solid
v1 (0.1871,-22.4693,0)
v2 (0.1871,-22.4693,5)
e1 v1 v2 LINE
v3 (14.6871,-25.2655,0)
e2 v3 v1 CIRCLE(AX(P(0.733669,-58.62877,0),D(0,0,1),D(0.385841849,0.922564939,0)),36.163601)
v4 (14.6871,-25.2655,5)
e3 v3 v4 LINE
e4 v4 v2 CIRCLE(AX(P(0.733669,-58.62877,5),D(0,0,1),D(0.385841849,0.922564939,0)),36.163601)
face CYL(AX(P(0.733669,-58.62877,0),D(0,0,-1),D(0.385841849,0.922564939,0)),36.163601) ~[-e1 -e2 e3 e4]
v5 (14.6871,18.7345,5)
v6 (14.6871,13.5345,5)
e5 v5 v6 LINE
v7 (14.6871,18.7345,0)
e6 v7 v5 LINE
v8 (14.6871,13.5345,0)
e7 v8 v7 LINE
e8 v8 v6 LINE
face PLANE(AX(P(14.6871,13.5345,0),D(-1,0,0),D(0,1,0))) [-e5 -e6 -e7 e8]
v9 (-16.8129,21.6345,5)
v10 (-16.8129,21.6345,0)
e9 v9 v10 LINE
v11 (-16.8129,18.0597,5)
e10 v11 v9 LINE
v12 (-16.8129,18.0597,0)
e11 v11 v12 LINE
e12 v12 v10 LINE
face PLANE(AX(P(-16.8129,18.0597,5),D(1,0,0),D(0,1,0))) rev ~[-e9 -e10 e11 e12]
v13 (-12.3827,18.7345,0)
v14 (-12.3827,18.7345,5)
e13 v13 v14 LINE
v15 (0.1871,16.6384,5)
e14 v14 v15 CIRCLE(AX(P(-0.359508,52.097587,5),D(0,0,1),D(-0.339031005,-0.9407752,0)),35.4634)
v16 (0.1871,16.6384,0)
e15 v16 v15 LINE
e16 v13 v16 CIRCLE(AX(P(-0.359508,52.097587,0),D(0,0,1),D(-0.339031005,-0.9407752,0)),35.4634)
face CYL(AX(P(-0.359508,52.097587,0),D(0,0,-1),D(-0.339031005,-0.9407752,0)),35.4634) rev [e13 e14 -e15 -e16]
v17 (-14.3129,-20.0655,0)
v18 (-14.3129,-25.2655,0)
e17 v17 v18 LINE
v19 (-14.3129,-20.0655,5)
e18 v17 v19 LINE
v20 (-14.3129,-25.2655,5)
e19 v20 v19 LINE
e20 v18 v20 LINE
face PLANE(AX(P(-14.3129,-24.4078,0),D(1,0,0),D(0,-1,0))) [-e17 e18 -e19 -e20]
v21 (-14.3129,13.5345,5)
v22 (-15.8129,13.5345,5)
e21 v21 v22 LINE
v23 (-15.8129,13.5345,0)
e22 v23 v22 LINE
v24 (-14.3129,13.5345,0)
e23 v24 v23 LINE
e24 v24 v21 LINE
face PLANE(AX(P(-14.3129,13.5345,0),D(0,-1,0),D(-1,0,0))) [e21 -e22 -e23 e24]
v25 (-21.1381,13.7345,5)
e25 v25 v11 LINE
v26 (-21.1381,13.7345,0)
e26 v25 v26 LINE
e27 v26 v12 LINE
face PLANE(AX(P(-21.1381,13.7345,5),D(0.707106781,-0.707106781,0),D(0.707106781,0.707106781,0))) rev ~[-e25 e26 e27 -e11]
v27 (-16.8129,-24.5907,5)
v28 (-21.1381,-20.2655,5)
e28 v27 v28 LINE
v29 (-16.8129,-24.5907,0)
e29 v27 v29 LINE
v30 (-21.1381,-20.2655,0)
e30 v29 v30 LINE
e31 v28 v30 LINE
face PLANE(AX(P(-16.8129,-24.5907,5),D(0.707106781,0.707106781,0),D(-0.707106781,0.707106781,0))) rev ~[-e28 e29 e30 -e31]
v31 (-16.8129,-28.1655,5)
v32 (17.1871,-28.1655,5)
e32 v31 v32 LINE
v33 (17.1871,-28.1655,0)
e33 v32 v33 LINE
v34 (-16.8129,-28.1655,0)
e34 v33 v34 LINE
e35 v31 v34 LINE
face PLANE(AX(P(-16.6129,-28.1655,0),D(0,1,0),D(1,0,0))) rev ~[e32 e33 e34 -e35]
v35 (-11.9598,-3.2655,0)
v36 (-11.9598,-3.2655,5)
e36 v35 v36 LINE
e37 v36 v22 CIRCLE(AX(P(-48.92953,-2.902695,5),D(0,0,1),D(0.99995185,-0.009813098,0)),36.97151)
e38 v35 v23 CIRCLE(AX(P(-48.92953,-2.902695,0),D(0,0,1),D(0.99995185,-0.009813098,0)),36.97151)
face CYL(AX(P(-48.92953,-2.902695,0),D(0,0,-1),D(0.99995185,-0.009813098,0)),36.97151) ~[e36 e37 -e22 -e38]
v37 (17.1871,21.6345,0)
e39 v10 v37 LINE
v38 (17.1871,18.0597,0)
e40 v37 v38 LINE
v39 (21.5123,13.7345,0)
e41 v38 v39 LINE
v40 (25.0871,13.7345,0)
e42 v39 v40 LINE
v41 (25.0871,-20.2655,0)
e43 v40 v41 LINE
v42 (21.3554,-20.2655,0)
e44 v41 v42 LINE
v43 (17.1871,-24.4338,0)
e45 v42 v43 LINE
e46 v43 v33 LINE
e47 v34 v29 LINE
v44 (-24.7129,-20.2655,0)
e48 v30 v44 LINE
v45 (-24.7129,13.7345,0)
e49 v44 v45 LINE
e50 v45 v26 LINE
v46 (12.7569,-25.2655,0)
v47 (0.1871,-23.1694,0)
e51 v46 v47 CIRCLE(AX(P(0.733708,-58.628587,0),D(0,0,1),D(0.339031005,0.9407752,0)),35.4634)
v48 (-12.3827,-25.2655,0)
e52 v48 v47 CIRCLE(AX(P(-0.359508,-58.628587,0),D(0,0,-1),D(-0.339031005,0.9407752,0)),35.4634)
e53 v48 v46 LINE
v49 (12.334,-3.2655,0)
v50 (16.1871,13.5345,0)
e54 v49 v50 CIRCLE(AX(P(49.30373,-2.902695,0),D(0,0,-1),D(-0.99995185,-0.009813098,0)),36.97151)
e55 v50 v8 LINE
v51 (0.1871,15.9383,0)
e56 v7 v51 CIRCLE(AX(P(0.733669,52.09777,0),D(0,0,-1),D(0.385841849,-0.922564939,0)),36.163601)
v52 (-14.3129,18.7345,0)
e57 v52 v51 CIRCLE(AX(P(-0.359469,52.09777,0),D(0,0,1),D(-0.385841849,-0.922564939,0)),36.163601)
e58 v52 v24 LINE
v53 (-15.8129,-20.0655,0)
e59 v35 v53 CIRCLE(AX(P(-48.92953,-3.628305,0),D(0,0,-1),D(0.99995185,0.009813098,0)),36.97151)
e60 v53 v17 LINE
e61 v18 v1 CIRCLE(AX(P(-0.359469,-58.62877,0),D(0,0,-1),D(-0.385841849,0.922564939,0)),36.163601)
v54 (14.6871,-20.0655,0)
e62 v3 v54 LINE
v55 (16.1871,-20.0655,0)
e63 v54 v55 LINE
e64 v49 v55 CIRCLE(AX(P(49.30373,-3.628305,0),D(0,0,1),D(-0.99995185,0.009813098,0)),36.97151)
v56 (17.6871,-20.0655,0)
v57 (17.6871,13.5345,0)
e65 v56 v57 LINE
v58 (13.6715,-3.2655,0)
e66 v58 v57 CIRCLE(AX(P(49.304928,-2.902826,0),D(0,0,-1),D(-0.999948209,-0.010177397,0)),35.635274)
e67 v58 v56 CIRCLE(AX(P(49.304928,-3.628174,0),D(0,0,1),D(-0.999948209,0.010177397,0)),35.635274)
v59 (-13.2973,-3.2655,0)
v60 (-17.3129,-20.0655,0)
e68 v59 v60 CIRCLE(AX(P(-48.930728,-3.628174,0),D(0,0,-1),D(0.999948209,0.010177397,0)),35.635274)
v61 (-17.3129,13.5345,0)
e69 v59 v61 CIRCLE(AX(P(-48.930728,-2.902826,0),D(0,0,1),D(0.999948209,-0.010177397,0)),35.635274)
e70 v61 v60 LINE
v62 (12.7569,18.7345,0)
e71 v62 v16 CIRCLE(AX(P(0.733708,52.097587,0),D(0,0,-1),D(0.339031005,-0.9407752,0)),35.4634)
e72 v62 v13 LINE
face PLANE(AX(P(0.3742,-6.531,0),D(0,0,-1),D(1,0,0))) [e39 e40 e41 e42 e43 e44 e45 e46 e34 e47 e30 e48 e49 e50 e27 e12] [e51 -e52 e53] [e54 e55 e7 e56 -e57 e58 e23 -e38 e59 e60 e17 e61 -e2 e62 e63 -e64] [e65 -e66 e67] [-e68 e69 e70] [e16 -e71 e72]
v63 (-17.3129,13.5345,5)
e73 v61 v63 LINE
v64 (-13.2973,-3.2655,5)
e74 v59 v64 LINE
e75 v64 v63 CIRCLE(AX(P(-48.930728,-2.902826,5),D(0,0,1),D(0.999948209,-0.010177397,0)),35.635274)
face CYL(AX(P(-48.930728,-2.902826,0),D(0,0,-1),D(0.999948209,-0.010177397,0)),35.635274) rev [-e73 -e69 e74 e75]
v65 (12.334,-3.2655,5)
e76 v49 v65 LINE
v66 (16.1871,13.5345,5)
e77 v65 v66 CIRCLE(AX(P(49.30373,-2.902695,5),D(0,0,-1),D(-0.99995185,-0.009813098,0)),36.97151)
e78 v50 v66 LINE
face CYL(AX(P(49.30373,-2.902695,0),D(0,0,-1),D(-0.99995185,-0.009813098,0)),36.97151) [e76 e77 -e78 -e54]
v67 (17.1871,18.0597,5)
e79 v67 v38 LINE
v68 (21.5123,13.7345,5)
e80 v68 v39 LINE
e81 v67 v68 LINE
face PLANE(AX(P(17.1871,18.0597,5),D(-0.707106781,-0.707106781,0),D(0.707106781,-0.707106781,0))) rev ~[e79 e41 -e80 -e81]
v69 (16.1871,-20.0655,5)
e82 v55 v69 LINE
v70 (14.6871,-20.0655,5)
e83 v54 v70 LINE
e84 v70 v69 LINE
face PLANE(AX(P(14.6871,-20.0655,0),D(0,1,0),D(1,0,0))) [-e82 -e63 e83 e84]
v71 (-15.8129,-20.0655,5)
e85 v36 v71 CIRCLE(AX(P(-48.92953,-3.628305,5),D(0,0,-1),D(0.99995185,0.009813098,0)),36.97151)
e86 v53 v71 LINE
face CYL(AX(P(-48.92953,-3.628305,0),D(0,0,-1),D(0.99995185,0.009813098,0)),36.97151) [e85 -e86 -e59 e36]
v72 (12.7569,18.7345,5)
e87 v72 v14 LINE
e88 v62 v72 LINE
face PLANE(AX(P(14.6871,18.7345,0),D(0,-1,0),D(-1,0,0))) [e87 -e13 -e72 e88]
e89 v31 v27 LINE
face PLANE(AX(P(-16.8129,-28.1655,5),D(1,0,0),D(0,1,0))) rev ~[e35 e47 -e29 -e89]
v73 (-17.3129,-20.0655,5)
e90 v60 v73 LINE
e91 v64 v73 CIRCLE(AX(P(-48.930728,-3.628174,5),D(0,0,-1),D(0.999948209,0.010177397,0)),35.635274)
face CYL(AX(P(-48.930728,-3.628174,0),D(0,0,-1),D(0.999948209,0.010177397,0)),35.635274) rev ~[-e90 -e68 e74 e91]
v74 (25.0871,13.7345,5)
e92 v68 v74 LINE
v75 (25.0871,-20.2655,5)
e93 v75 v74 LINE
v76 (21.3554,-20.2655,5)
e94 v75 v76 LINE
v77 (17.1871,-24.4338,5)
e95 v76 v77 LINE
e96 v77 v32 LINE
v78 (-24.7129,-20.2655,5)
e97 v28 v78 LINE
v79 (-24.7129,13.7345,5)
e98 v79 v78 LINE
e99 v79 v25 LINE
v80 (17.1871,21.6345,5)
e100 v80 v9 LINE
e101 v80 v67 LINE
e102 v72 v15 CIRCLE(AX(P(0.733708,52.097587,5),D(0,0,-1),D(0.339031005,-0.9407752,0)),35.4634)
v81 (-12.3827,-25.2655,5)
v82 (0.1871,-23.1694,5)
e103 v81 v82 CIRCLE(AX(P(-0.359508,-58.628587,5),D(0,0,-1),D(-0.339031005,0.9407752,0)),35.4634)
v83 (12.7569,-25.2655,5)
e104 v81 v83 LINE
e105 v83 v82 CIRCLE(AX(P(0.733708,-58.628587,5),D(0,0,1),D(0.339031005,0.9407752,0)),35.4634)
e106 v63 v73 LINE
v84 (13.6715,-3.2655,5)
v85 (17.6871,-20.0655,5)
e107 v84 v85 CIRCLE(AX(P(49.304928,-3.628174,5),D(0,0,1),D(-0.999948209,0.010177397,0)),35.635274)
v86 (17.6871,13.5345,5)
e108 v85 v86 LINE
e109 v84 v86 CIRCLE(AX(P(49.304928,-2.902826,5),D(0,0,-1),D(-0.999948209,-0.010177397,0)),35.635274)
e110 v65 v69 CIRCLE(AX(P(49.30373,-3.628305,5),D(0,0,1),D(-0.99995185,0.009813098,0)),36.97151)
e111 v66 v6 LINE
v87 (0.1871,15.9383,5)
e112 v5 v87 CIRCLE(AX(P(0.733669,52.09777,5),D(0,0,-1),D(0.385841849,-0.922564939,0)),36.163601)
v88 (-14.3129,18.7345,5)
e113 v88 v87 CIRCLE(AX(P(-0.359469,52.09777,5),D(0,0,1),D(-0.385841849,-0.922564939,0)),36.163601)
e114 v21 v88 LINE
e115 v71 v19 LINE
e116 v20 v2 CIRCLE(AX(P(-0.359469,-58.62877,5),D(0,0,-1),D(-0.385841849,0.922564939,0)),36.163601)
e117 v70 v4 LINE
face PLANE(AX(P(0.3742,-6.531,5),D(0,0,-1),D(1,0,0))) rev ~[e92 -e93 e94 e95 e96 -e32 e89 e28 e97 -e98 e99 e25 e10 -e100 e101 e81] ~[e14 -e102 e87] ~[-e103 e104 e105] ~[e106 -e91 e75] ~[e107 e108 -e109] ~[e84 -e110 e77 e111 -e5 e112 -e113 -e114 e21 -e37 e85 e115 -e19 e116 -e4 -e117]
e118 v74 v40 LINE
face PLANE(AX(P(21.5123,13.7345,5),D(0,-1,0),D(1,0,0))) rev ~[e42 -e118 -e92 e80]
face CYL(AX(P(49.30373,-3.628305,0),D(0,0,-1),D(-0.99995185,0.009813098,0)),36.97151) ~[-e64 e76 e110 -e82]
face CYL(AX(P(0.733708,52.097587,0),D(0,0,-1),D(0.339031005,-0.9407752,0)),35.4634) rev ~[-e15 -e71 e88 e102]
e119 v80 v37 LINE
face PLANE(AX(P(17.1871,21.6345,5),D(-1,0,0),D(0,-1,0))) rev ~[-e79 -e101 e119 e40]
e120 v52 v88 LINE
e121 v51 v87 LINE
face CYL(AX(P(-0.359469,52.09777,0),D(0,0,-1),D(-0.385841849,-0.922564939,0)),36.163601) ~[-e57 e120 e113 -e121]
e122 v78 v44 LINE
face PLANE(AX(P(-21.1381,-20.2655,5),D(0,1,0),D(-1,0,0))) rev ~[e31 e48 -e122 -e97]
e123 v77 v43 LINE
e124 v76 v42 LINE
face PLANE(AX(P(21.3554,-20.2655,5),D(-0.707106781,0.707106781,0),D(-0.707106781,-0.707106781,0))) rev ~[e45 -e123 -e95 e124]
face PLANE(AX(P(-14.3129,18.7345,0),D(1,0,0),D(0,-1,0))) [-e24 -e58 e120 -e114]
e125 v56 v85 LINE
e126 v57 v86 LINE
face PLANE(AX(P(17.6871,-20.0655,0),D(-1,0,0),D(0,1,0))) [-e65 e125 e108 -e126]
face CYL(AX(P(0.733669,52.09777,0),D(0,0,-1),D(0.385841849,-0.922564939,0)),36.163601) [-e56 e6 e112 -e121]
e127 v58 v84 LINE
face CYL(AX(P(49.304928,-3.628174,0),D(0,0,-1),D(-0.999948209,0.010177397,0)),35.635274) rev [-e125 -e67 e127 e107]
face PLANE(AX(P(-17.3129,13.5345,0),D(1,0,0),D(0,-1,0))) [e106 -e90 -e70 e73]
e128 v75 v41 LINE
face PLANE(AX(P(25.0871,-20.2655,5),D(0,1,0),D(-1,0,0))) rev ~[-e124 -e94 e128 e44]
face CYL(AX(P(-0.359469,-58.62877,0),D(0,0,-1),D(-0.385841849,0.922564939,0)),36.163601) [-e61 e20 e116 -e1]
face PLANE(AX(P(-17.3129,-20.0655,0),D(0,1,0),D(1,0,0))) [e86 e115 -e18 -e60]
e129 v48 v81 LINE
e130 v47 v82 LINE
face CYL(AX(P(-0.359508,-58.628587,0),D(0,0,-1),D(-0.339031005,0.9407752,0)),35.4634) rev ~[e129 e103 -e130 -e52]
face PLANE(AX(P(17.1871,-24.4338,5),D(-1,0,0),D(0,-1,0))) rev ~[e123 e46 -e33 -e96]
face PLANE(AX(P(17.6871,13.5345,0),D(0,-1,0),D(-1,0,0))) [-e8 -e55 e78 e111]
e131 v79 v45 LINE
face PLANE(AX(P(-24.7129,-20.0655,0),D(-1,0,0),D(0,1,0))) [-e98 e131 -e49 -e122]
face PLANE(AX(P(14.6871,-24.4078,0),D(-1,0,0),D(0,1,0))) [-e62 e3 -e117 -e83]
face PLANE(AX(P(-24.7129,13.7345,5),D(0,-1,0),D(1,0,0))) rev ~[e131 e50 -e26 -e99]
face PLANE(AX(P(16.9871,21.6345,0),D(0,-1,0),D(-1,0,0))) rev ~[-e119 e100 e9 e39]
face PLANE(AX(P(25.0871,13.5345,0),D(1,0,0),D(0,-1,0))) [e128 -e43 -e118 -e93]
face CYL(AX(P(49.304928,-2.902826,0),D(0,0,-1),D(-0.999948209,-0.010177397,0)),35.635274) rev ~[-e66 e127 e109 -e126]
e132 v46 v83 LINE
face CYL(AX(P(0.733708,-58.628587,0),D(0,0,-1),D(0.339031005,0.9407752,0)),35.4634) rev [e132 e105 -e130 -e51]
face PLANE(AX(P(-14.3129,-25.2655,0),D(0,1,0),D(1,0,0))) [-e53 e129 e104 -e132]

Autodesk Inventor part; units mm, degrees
ref_plane "YZ Plane" through (0, 0, 0) normal (1, 0, 0) x (0, 1, 0)
ref_plane "XZ Plane" through (0, 0, 0) normal (0, 1, 0) x (-1, 0, 0)
ref_plane "XY Plane" through (0, 0, 0) normal (0, 0, 1) x (1, 0, 0)
sketch "Sketch1" plane through (0, 0, 0) normal (0, 0, 1) x (1, 0, 0)
  line L0 (21.5871, 13.6345) -> (17.0871, 18.1345) projected
  line L1 (17.0871, 18.1345) -> (-16.7129, 18.1345) projected
  line L2 (-16.7129, 18.1345) -> (-21.2129, 13.6345) projected
  line L3 (-21.0966, 13.6345) -> (-21.0966, -20.1655) projected
  line L4 (21.4709, -20.1655) -> (21.4709, 13.6345) projected
  line L5 (21.4709, -20.1655) -> (17.0871, -24.4078) projected
  line L6 (-16.7129, -24.4078) -> (17.0871, -24.4078) projected
  line L7 (-16.7129, -24.4078) -> (-21.0966, -20.1655) projected
  line L8 (-24.7129, -28.1655) -> (-24.7129, 13.6345) construction
  line L9 (25.0871, -28.1655) -> (-24.7129, -28.1655) construction
  line L10 (25.0871, -28.1655) -> (25.0871, 13.6345) construction
  line L11 (17.0871, 21.6345) -> (-16.7129, 21.6345) construction
  line L12 (-21.0552, -20.0655) -> (-16.6129, -24.5078)
  line L13 (-16.6129, -24.5078) -> (-16.6129, -28.1655)
  line L14 (-16.6129, -28.1655) -> (17.0871, -28.1655)
  line L15 (25.0871, -20.0655) -> (21.4295, -20.0655)
  line L16 (25.0871, 13.5345) -> (25.0871, -20.0655)
  line L17 (21.4295, 13.5345) -> (25.0871, 13.5345)
  line L18 (21.4295, 13.5345) -> (16.9871, 17.9768)
  line L19 (16.9871, 17.9768) -> (16.9871, 21.6345)
  line L20 (16.9871, 21.6345) -> (-16.6129, 21.6345)
  line L21 (-16.6129, 21.6345) -> (-16.6129, 17.9768)
  line L22 (-16.6129, 17.9768) -> (-21.0552, 13.5345)
  line L23 (-24.7129, 13.5345) -> (-21.0552, 13.5345)
  line L24 (-24.7129, -20.0655) -> (-24.7129, 13.5345)
  line L25 (-21.0552, -20.0655) -> (-24.7129, -20.0655)
  line L26 (-12.3129, -23.2655) -> (12.6871, -23.2655) projected
  line L27 (12.6871, -23.2655) -> (12.6871, 16.7345) projected
  line L28 (-12.3129, 16.7345) -> (12.6871, 16.7345) projected
  line L29 (-12.3129, -23.2655) -> (-12.3129, 16.7345) projected
  line L30 (14.6871, -25.2655) -> (-14.3129, -25.2655) construction
  line L31 (-14.3129, -25.2655) -> (-14.3129, 18.7345) construction
  line L32 (-14.3129, 18.7345) -> (14.6871, 18.7345) construction
  line L33 (14.6871, 18.7345) -> (14.6871, -25.2655) construction
  line L34 (-17.3129, 21.7345) -> (17.6871, 21.7345) construction
  line L35 (17.6871, 21.7345) -> (17.6871, -28.2655) construction
  line L36 (17.6871, -28.2655) -> (-17.3129, -28.2655) construction
  line L37 (-17.3129, -28.2655) -> (-17.3129, 21.7345) construction
  line L38 (-14.3129, -23.2655) -> (-14.3129, -25.2655)
  line L39 (-14.3129, -25.2655) -> (14.6871, -25.2655)
  line L40 (14.6871, -25.2655) -> (14.6871, -20.0655)
  line L41 (14.6871, -20.0655) -> (17.6871, -20.0655)
  line L42 (17.6871, -20.0655) -> (17.6871, 13.5345)
  line L43 (17.6871, 13.5345) -> (14.6871, 13.5345)
  line L44 (14.6871, 13.5345) -> (14.6871, 18.7345)
  line L45 (14.6871, 18.7345) -> (-14.3129, 18.7345)
  line L46 (-14.3129, 18.7345) -> (-14.3129, 13.5345)
  line L47 (-14.3129, 13.5345) -> (-17.3129, 13.5345)
  line L48 (-17.3129, 13.5345) -> (-17.3129, -20.0655)
  line L49 (-17.3129, -20.0655) -> (-14.3129, -20.0655)
  line L50 (-14.3129, -20.0655) -> (-14.3129, -23.2655)
  line L51 (-16.6129, -28.1655) -> (17.0871, -28.1655)
  line L52 (16.9871, -28.1655) -> (16.9871, -24.3509)
  line L53 (16.9871, -24.3509) -> (21.2726, -20.0655)
  line L54 (21.2726, -20.0655) -> (21.4295, -20.0655)
  point P0 (14.2, -44.8454)
  point P1 (16.9871, 19.8057)
  dimension "d74" = 2
  dimension "d75" = 5
  dimension "d76" = 135
extrude "Extrusion1" add sketch "Sketch1" along normal blind 5 contours L19 L18 L17 L4 L15 L54 L53 L52 L6 L40 L41 L42 L43 L44 L1 | L1 L44 L45 L46 L21 L20 L19 | L46 L47 L48 L49 L50 L38 L6 L12 L25 L3 L23 L22 L21 L1 | L17 L16 L15 L4 | L3 L25 L24 L23 | L6 L52 L14 L13 L12 L38 L39 L40
sketch "Sketch5" plane through (0, 0, 0) normal (0, 0, -1) x (-1, 0, 0)
  line L0 (12.3129, -23.2655) -> (-12.6871, -23.2655) construction
  line L1 (-12.6871, -23.2655) -> (-12.6871, 16.7345) construction
  line L2 (12.3129, 16.7345) -> (-12.6871, 16.7345) construction
  line L3 (12.3129, -23.2655) -> (12.3129, 16.7345) construction
  line L4 (-14.6871, -25.2655) -> (14.3129, -25.2655) construction
  arc A0 (14.3129, -25.2655) -> (-0.1871, -22.4693) centre (0.3594, -58.629) ccw
  arc A1 (12.3827, -25.2655) -> (-0.1871, -23.1694) centre (0.3594, -58.629) ccw
  line L5 (-0.1871, -22.4693) -> (-0.1871, -23.1694)
  line L6 (14.3129, -20.0655) -> (14.3129, -25.2655) projected
  line L7 (14.3129, -25.2655) -> (12.3827, -25.2655)
  point P0 (0, 0)
  dimension "d79" = 0.7
extrude "Extrusion4" add sketch "Sketch5" against normal up to surface (5 mm away)
mirror "Mirror1" about plane through (0.1871, -23.1694, 0) normal (1, 0, 0) of "Extrusion4"
ref_plane "Work Plane1" through (0.1871, -20.0655, 0) normal (-1, 0, 0) x (0, 0, 1)
ref_plane "Work Plane2" through (-16.6129, -3.2655, 0) normal (0, -1, 0) x (1, 0, 0)
mirror "Mirror2" about plane through (-16.6129, -3.2655, 0) normal (0, -1, 0) of "Extrusion4", "Mirror1"
sketch "Sketch6" plane through (0, 0, 0) normal (0, 0, -1) x (-1, 0, 0)
  spline S0 degree 3 poles (1.425, -3.2655) (1.425, -3.4679) (1.3845, -3.6839) (1.22, -4.081) (1.0959, -4.2623) (0.8097, -4.5486) (0.6284, -4.6726) (0.2312, -4.8371) (0.0153, -4.8776) (-0.3896, -4.8776) (-0.6055, -4.8371) (-1.0027, -4.6726) (-1.1839, -4.5486) (-1.4702, -4.2623) (-1.5943, -4.081) (-1.7588, -3.6839) (-1.7992, -3.4679) (-1.7992, -3.0631) (-1.7588, -2.8471) (-1.5943, -2.45) (-1.4702, -2.2687) (-1.1839, -1.9824) (-1.0027, -1.8584) (-0.6055, -1.6939) (-0.3896, -1.6534) (0.0153, -1.6534) (0.2312, -1.6939) (0.6284, -1.8584) (0.8097, -1.9824) (1.0959, -2.2687) (1.22, -2.45) (1.3845, -2.8471) (1.425, -3.0631) (1.425, -3.2655) knots 0 0 0 0 0.060733 0.060733 0.121465 0.121465 0.182198 0.182198 0.24293 0.24293 0.303663 0.303663 0.364395 0.364395 0.425128 0.425128 0.48586 0.48586 0.546593 0.546593 0.607326 0.607326 0.668058 0.668058 0.728791 0.728791 0.789523 0.789523 0.850256 0.850256 0.910988 0.910988 0.971721 0.971721 0.971721 0.971721 projected
  line L0 (17.3129, 13.5345) -> (17.3129, -20.0655) projected
  arc A0 (13.2973, -3.2655) -> (17.3129, -20.0655) centre (48.9305, -3.6282) ccw
  line L1 (17.3129, -20.0655) -> (14.3129, -20.0655) projected
  arc A1 (11.9598, -3.2655) -> (15.8129, -20.0655) centre (48.9305, -3.6282) ccw
  line L2 (11.9598, -3.2655) -> (13.2973, -3.2655)
  line L3 (15.8129, -20.0655) -> (17.3129, -20.0655)
  point P0 (0, 0)
  point P1 (1.425, -3.2655)
extrude "Extrusion5" add sketch "Sketch6" against normal up to surface (5 mm away) contours A0 L1 A1 L2
mirror "Mirror3" about plane through (-11.9598, -3.2655, 0) normal (0, 1, 0) of "Extrusion5"
mirror "Mirror4" about plane through (0.1871, -20.0655, 0) normal (-1, 0, 0) of "Extrusion5", "Mirror3"
sketch "Skizze7" plane through (0, 0, 5) normal (0, 0, 1) x (1, 0, 0)
  arc A0 (12.3341, -3.2655) -> (16.1871, -20.0655) centre (49.3047, -3.6282) ccw construction
  line L0 (16.1871, -20.0655) -> (14.6871, -20.0655) projected
  line L1 (14.6871, -20.0655) -> (14.6871, -25.2655) projected
  arc A1 (14.6871, -25.2655) -> (0.1871, -22.4693) centre (0.7336, -58.629) ccw construction
  arc A2 (0.1871, -22.4693) -> (-14.3129, -25.2655) centre (-0.3594, -58.629) ccw construction
  line L2 (-14.3129, -25.2655) -> (-14.3129, -20.0655) construction
  line L3 (-14.3129, -20.0655) -> (-15.8129, -20.0655) construction
  arc A3 (-15.8129, -20.0655) -> (-11.9598, -3.2655) centre (-48.9305, -3.6282) ccw construction
  arc A4 (-11.9598, -3.2655) -> (-15.8129, 13.5345) centre (-48.9305, -2.9028) ccw construction
  line L4 (-15.8129, 13.5345) -> (-14.3129, 13.5345) construction
  line L5 (-14.3129, 13.5345) -> (-14.3129, 18.7345) construction
  arc A5 (-14.3129, 18.7345) -> (0.1871, 15.9383) centre (-0.3594, 52.098) ccw construction
  arc A6 (0.1871, 15.9383) -> (14.6871, 18.7345) centre (0.7336, 52.098) ccw construction
  line L6 (14.6871, 18.7345) -> (14.6871, 13.5345) construction
  line L7 (14.6871, 13.5345) -> (16.1871, 13.5345) construction
  arc A7 (16.1871, 13.5345) -> (12.3341, -3.2655) centre (49.3047, -2.9028) ccw construction
  arc A8 (-17.3129, -20.0655) -> (-13.2973, -3.2655) centre (-48.9305, -3.6282) ccw construction
  line L8 (-17.3129, -20.0655) -> (-17.3129, 13.5345) construction
  arc A9 (-13.2973, -3.2655) -> (-17.3129, 13.5345) centre (-48.9305, -2.9028) ccw construction
  arc A10 (17.6871, 13.5345) -> (13.6715, -3.2655) centre (49.3047, -2.9028) ccw construction
  line L9 (17.6871, 13.5345) -> (17.6871, -20.0655) construction
  arc A11 (13.6715, -3.2655) -> (17.6871, -20.0655) centre (49.3047, -3.6282) ccw construction
  line L10 (12.757, -25.2655) -> (-12.3827, -25.2655) construction
  arc A12 (0.1871, -23.1694) -> (-12.3827, -25.2655) centre (-0.3594, -58.629) ccw construction
  arc A13 (12.757, -25.2655) -> (0.1871, -23.1694) centre (0.7336, -58.629) ccw construction
  arc A14 (0.1871, 16.6384) -> (12.757, 18.7345) centre (0.7336, 52.098) ccw construction
  arc A15 (-12.3827, 18.7345) -> (0.1871, 16.6384) centre (-0.3594, 52.098) ccw construction
  line L11 (-12.3827, 18.7345) -> (12.757, 18.7345) construction
  line L12 (-21.0552, -20.0655) -> (-16.6129, -24.5078) projected
  line L13 (-16.6129, -24.5078) -> (-16.6129, -28.1655) projected
  line L14 (-16.6129, -28.1655) -> (16.9871, -28.1655) construction
  line L15 (16.9871, -28.1655) -> (16.9871, -24.3509) projected
  line L16 (16.9871, -24.3509) -> (21.2726, -20.0655) projected
  line L17 (21.2726, -20.0655) -> (25.0871, -20.0655) projected
  line L18 (25.0871, -20.0655) -> (25.0871, 13.5345) construction
  line L19 (25.0871, 13.5345) -> (21.4295, 13.5345) projected
  line L20 (21.4295, 13.5345) -> (16.9871, 17.9768) projected
  line L21 (16.9871, 17.9768) -> (16.9871, 21.6345) projected
  line L22 (16.9871, 21.6345) -> (-16.6129, 21.6345) construction
  line L23 (-16.6129, 21.6345) -> (-16.6129, 17.9768) projected
  line L24 (-16.6129, 17.9768) -> (-21.0552, 13.5345) projected
  line L25 (-21.0552, 13.5345) -> (-24.7129, 13.5345) projected
  line L26 (-24.7129, 13.5345) -> (-24.7129, -20.0655) construction
  line L27 (-24.7129, -20.0655) -> (-21.0552, -20.0655) projected
  line L28 (-16.8129, 21.8345) -> (17.1871, 21.8345) construction
  line L29 (17.1871, 21.8345) -> (17.1871, 18.0597)
  line L30 (17.1871, 18.0597) -> (21.5123, 13.7345)
  line L31 (21.5123, 13.7345) -> (25.2871, 13.7345)
  line L32 (25.2871, 13.7345) -> (25.2871, -20.2655) construction
  line L33 (25.2871, -20.2655) -> (21.3554, -20.2655)
  line L34 (21.3554, -20.2655) -> (17.1871, -24.4338)
  line L35 (17.1871, -24.4338) -> (17.1871, -28.3655)
  line L36 (17.1871, -28.3655) -> (-16.8129, -28.3655) construction
  line L37 (-16.8129, -28.3655) -> (-16.8129, -24.5907)
  line L38 (-16.8129, -24.5907) -> (-21.1381, -20.2655)
  line L39 (-21.1381, -20.2655) -> (-24.9129, -20.2655)
  line L40 (-24.9129, -20.2655) -> (-24.9129, 13.7345) construction
  line L41 (-24.9129, 13.7345) -> (-21.1381, 13.7345)
  line L42 (-21.1381, 13.7345) -> (-16.8129, 18.0597)
  line L43 (-16.8129, 18.0597) -> (-16.8129, 21.8345)
  line L44 (-21.0552, 13.5345) -> (-24.7129, 13.5345) projected
  line L45 (-24.7129, 13.5345) -> (-24.7129, 13.7345)
  line L46 (-16.6129, 21.6345) -> (-16.8129, 21.6345)
  line L47 (16.9871, 17.9768) -> (16.9871, 21.6345) projected
  line L48 (16.9871, 21.6345) -> (17.1871, 21.6345)
  line L49 (25.0871, -20.0655) -> (25.0871, 13.5345) projected
  line L50 (25.0871, 13.5345) -> (25.0871, 13.7345)
  line L51 (25.0871, -20.0655) -> (25.0871, -20.2655)
  line L52 (-16.6129, -28.1655) -> (16.9871, -28.1655) projected
  line L53 (16.9871, -28.1655) -> (17.1871, -28.1655)
  line L54 (-16.6129, -28.1655) -> (-16.8129, -28.1655)
  line L55 (-24.7129, -20.0655) -> (-24.7129, -20.2655)
  point P0 (0, 0)
  dimension "d83" = 0.2
extrude "IM_offset" add sketch "Skizze7" against normal up to surface (5 mm away)
properties part number "20_Cube_Insert_Lens_Cylindrical_v3"
